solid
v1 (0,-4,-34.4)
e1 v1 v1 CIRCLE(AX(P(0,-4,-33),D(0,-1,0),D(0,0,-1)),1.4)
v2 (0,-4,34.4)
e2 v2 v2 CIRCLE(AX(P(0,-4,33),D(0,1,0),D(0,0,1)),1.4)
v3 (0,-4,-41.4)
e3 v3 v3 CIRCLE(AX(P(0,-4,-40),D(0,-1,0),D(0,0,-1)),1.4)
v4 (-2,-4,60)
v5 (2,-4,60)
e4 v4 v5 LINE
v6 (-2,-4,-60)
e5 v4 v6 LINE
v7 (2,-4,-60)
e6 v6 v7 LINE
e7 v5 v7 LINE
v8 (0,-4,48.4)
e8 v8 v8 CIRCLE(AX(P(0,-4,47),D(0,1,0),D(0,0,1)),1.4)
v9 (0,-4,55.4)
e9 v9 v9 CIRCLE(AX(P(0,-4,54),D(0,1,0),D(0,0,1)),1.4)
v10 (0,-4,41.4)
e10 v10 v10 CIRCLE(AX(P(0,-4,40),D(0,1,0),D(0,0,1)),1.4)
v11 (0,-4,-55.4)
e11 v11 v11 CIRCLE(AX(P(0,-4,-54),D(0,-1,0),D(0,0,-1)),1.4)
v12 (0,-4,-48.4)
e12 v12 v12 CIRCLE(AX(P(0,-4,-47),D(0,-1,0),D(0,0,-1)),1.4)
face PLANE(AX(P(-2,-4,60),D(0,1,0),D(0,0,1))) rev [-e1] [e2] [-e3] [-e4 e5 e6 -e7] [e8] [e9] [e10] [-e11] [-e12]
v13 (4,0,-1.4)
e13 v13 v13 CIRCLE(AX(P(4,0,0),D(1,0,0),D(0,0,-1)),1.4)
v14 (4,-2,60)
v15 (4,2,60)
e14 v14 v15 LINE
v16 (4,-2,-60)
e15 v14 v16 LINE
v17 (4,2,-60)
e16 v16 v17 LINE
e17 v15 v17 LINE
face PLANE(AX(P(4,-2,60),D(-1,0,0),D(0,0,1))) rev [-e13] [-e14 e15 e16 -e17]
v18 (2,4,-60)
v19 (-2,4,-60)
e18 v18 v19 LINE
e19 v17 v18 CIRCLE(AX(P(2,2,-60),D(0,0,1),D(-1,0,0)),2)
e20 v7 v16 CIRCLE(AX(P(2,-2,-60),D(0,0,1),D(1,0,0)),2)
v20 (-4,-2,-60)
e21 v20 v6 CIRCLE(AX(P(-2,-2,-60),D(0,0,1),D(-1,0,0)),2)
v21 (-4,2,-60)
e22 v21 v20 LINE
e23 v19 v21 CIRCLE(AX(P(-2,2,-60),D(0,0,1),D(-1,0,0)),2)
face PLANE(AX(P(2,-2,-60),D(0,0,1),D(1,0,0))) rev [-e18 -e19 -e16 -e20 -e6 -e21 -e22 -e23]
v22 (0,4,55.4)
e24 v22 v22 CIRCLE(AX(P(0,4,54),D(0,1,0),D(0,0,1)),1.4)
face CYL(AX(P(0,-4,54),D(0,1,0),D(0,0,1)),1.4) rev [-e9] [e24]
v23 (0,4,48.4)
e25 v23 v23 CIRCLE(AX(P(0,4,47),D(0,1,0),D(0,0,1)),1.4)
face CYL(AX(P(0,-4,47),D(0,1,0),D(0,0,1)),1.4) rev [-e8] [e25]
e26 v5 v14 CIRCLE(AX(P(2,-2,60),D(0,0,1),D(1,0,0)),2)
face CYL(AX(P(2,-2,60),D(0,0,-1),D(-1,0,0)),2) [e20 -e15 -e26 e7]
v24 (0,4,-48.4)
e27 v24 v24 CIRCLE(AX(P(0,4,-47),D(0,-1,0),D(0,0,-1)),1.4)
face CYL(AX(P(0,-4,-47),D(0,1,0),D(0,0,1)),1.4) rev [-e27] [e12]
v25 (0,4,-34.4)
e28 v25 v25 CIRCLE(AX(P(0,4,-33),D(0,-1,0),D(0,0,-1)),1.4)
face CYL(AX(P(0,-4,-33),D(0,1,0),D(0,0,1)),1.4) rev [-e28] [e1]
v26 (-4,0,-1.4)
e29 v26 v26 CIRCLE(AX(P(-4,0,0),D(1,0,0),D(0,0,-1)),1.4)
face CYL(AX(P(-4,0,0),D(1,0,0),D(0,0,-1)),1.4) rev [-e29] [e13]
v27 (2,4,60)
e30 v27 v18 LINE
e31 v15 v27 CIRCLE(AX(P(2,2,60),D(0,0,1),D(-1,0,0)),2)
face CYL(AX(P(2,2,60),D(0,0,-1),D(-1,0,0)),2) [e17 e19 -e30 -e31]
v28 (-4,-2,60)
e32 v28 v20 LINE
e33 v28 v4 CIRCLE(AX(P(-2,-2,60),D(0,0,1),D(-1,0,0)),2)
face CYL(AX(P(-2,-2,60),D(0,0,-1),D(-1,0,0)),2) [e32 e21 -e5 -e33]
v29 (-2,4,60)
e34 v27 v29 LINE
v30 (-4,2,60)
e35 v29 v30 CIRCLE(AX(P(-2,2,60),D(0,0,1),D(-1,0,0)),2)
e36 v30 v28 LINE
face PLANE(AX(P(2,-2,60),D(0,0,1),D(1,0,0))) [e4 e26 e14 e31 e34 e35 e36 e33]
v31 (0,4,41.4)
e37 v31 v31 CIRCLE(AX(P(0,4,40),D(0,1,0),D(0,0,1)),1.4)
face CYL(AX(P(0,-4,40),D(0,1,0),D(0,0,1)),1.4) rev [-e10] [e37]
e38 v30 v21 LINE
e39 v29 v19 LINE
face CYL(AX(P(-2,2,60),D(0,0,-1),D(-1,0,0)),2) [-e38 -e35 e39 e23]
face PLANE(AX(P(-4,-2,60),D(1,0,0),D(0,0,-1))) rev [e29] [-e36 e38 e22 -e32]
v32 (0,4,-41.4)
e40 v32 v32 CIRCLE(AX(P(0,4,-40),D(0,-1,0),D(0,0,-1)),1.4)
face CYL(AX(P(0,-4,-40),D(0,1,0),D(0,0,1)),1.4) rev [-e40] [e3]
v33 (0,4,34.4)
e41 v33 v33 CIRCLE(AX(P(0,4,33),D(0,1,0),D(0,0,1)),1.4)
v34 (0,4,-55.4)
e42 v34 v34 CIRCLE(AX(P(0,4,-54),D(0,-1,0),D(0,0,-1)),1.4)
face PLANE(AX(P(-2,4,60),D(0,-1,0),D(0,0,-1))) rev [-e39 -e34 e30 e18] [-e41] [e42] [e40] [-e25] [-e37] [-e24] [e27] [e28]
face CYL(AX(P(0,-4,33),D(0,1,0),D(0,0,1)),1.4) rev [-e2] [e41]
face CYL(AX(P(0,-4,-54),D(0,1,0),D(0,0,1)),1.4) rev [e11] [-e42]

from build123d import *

# Parameters (mm, degrees)
EXTRUDE_1_DEPTH                  = 60
SKETCH_2_R                       = 1.4
CUT_EXTRUDE_1_DEPTH              = 61.663003552
SKETCH_3_R                       = 1.4
CUT_EXTRUDE_2_DEPTH              = 61.663003552
PATTERN_LINEAR_1_COUNT           = 4
PATTERN_LINEAR_1_PITCH           = 7
PATTERN_LINEAR_1_COPY_1_SKETCH_R = 1.4
PATTERN_LINEAR_1_COPY_1_DEPTH    = 61.663003552
PATTERN_LINEAR_1_COPY_2_SKETCH_R = 1.4
PATTERN_LINEAR_1_COPY_2_DEPTH    = 61.663003552
PATTERN_LINEAR_1_COPY_3_SKETCH_R = 1.4
PATTERN_LINEAR_1_COPY_3_DEPTH    = 61.663003552
MIRROR_2_COPY_1_SKETCH_R         = 1.4
MIRROR_2_COPY_1_DEPTH            = 61.663003552
MIRROR_2_COPY_2_SKETCH_R         = 1.4
MIRROR_2_COPY_2_DEPTH            = 61.663003552
MIRROR_2_COPY_3_SKETCH_R         = 1.4
MIRROR_2_COPY_3_DEPTH            = 61.663003552
MIRROR_2_COPY_4_SKETCH_R         = 1.4
MIRROR_2_COPY_4_DEPTH            = 61.663003552
MIRROR_2_COPY_5_SKETCH_R         = 1.4
MIRROR_2_COPY_5_DEPTH            = 61.663003552
MIRROR_2_COPY_6_SKETCH_R         = 1.4
MIRROR_2_COPY_6_DEPTH            = 61.663003552
MIRROR_2_COPY_7_SKETCH_R         = 1.4
MIRROR_2_COPY_7_DEPTH            = 61.663003552
EXTRUDE_2_DEPTH                  = 8
EXTRUDE_START                    = -8
EXTRUDE_3_DEPTH                  = 8


with BuildPart() as part:
    # 草图1 → 凸台-拉伸1 (new, symmetric)
    with BuildSketch(Plane.XY):
        with BuildLine():
            Line((-2, -4), (2, -4))
            ThreePointArc((2, -4), (3.414213562, -3.414213562), (4, -2))
            Line((4, -2), (4, 2))
            ThreePointArc((4, 2), (3.414213562, 3.414213562), (2, 4))
            Line((2, 4), (-2, 4))
            ThreePointArc((-2, 4), (-3.414213562, 3.414213562), (-4, 2))
            Line((-4, 2), (-4, -2))
            ThreePointArc((-4, -2), (-3.414213562, -3.414213562), (-2, -4))
        make_face()
    extrude(amount=EXTRUDE_1_DEPTH, both=True)

    # 草图2 → 切除-拉伸1 (cut, through all)
    with BuildSketch(Plane(origin=(4, 0, 0), x_dir=(0, 0, -1), z_dir=(1, 0, 0))):
        Circle(SKETCH_2_R)
    extrude(amount=-CUT_EXTRUDE_1_DEPTH, mode=Mode.SUBTRACT)

    # 草图3 → 切除-拉伸2 (cut, through all)
    with BuildSketch(Plane(origin=(0, 4, 0), x_dir=(1, 0, 0), z_dir=(0, 1, 0))):
        with Locations(Location((0, -54, 0), (0, 0, 270))):
            Circle(SKETCH_3_R)
    cut_extrude_2 = extrude(amount=-CUT_EXTRUDE_2_DEPTH, mode=Mode.SUBTRACT)

    # 镜向1: 切除-拉伸2 across plane
    add(cut_extrude_2.mirror(Plane.XY), mode=Mode.SUBTRACT)

    # 阵列(线性)1: 切除-拉伸2 ×4
    with Locations(*[(0, 0, i * PATTERN_LINEAR_1_PITCH) for i in range(1, PATTERN_LINEAR_1_COUNT)]):
        add(cut_extrude_2, mode=Mode.SUBTRACT)

    # 阵列(线性)1 copy 1 sketch → 阵列(线性)1 copy 1 (cut, through all)
    with BuildSketch(Plane(origin=(0, 4, 7), x_dir=(1, 0, 0), z_dir=(0, 1, 0))):
        with Locations((0, 54)):
            Circle(PATTERN_LINEAR_1_COPY_1_SKETCH_R)
    extrude(amount=-PATTERN_LINEAR_1_COPY_1_DEPTH, mode=Mode.SUBTRACT)

    # 阵列(线性)1 copy 2 sketch → 阵列(线性)1 copy 2 (cut, through all)
    with BuildSketch(Plane(origin=(0, 4, 14), x_dir=(1, 0, 0), z_dir=(0, 1, 0))):
        with Locations((0, 54)):
            Circle(PATTERN_LINEAR_1_COPY_2_SKETCH_R)
    extrude(amount=-PATTERN_LINEAR_1_COPY_2_DEPTH, mode=Mode.SUBTRACT)

    # 阵列(线性)1 copy 3 sketch → 阵列(线性)1 copy 3 (cut, through all)
    with BuildSketch(Plane(origin=(0, 4, 21), x_dir=(1, 0, 0), z_dir=(0, 1, 0))):
        with Locations((0, 54)):
            Circle(PATTERN_LINEAR_1_COPY_3_SKETCH_R)
    extrude(amount=-PATTERN_LINEAR_1_COPY_3_DEPTH, mode=Mode.SUBTRACT)

    # 镜向2 copy 1 sketch → 镜向2 copy 1 (cut, through all)
    with BuildSketch(Plane(origin=(0, 4, -7), x_dir=(1, 0, 0), z_dir=(0, 1, 0))):
        with Locations((0, 54)):
            Circle(MIRROR_2_COPY_1_SKETCH_R)
    extrude(amount=-MIRROR_2_COPY_1_DEPTH, mode=Mode.SUBTRACT)

    # 镜向2 copy 2 sketch → 镜向2 copy 2 (cut, through all)
    with BuildSketch(Plane(origin=(0, 4, -14), x_dir=(1, 0, 0), z_dir=(0, 1, 0))):
        with Locations((0, 54)):
            Circle(MIRROR_2_COPY_2_SKETCH_R)
    extrude(amount=-MIRROR_2_COPY_2_DEPTH, mode=Mode.SUBTRACT)

    # 镜向2 copy 3 sketch → 镜向2 copy 3 (cut, through all)
    with BuildSketch(Plane(origin=(0, 4, -21), x_dir=(1, 0, 0), z_dir=(0, 1, 0))):
        with Locations((0, 54)):
            Circle(MIRROR_2_COPY_3_SKETCH_R)
    extrude(amount=-MIRROR_2_COPY_3_DEPTH, mode=Mode.SUBTRACT)

    # 镜向2 copy 4 sketch → 镜向2 copy 4 (cut, through all)
    with BuildSketch(Plane(origin=(0, 4, -7), x_dir=(1, 0, 0), z_dir=(0, 1, 0))):
        with Locations(Location((0, -54, 0), (0, 0, 270))):
            Circle(MIRROR_2_COPY_4_SKETCH_R)
    extrude(amount=-MIRROR_2_COPY_4_DEPTH, mode=Mode.SUBTRACT)

    # 镜向2 copy 5 sketch → 镜向2 copy 5 (cut, through all)
    with BuildSketch(Plane(origin=(0, 4, -14), x_dir=(1, 0, 0), z_dir=(0, 1, 0))):
        with Locations(Location((0, -54, 0), (0, 0, 270))):
            Circle(MIRROR_2_COPY_5_SKETCH_R)
    extrude(amount=-MIRROR_2_COPY_5_DEPTH, mode=Mode.SUBTRACT)

    # 镜向2 copy 6 sketch → 镜向2 copy 6 (cut, through all)
    with BuildSketch(Plane(origin=(0, 4, -21), x_dir=(1, 0, 0), z_dir=(0, 1, 0))):
        with Locations(Location((0, -54, 0), (0, 0, 270))):
            Circle(MIRROR_2_COPY_6_SKETCH_R)
    extrude(amount=-MIRROR_2_COPY_6_DEPTH, mode=Mode.SUBTRACT)

    # 镜向2 copy 7 sketch → 镜向2 copy 7 (cut, through all)
    with BuildSketch(Plane(origin=(0, 4, 0), x_dir=(1, 0, 0), z_dir=(0, 1, 0))):
        with Locations((0, 54)):
            Circle(MIRROR_2_COPY_7_SKETCH_R)
    extrude(amount=-MIRROR_2_COPY_7_DEPTH, mode=Mode.SUBTRACT)

    # 草图4 → 凸台-拉伸2 (add)
    with BuildSketch(Plane(origin=(0, 4, 0), x_dir=(1, 0, 0), z_dir=(0, 1, 0))):
        with BuildLine():
            Line((-0.979795897, -60), (0.979795897, -60))
            ThreePointArc((0.979795897, -60), (0, -59.6), (-0.979795897, -60))
        make_face()
    extrude(amount=-EXTRUDE_2_DEPTH)

    # 草图5 → 凸台-拉伸3 (add)
    with BuildSketch(Plane.XZ.offset(4).offset(EXTRUDE_START)):
        with BuildLine():
            Line((-0.979795897, -60), (0.979795897, -60))
            ThreePointArc((0.979795897, -60), (0, -59.6), (-0.979795897, -60))
        make_face()
    extrude(amount=EXTRUDE_3_DEPTH)


solid = part.part
